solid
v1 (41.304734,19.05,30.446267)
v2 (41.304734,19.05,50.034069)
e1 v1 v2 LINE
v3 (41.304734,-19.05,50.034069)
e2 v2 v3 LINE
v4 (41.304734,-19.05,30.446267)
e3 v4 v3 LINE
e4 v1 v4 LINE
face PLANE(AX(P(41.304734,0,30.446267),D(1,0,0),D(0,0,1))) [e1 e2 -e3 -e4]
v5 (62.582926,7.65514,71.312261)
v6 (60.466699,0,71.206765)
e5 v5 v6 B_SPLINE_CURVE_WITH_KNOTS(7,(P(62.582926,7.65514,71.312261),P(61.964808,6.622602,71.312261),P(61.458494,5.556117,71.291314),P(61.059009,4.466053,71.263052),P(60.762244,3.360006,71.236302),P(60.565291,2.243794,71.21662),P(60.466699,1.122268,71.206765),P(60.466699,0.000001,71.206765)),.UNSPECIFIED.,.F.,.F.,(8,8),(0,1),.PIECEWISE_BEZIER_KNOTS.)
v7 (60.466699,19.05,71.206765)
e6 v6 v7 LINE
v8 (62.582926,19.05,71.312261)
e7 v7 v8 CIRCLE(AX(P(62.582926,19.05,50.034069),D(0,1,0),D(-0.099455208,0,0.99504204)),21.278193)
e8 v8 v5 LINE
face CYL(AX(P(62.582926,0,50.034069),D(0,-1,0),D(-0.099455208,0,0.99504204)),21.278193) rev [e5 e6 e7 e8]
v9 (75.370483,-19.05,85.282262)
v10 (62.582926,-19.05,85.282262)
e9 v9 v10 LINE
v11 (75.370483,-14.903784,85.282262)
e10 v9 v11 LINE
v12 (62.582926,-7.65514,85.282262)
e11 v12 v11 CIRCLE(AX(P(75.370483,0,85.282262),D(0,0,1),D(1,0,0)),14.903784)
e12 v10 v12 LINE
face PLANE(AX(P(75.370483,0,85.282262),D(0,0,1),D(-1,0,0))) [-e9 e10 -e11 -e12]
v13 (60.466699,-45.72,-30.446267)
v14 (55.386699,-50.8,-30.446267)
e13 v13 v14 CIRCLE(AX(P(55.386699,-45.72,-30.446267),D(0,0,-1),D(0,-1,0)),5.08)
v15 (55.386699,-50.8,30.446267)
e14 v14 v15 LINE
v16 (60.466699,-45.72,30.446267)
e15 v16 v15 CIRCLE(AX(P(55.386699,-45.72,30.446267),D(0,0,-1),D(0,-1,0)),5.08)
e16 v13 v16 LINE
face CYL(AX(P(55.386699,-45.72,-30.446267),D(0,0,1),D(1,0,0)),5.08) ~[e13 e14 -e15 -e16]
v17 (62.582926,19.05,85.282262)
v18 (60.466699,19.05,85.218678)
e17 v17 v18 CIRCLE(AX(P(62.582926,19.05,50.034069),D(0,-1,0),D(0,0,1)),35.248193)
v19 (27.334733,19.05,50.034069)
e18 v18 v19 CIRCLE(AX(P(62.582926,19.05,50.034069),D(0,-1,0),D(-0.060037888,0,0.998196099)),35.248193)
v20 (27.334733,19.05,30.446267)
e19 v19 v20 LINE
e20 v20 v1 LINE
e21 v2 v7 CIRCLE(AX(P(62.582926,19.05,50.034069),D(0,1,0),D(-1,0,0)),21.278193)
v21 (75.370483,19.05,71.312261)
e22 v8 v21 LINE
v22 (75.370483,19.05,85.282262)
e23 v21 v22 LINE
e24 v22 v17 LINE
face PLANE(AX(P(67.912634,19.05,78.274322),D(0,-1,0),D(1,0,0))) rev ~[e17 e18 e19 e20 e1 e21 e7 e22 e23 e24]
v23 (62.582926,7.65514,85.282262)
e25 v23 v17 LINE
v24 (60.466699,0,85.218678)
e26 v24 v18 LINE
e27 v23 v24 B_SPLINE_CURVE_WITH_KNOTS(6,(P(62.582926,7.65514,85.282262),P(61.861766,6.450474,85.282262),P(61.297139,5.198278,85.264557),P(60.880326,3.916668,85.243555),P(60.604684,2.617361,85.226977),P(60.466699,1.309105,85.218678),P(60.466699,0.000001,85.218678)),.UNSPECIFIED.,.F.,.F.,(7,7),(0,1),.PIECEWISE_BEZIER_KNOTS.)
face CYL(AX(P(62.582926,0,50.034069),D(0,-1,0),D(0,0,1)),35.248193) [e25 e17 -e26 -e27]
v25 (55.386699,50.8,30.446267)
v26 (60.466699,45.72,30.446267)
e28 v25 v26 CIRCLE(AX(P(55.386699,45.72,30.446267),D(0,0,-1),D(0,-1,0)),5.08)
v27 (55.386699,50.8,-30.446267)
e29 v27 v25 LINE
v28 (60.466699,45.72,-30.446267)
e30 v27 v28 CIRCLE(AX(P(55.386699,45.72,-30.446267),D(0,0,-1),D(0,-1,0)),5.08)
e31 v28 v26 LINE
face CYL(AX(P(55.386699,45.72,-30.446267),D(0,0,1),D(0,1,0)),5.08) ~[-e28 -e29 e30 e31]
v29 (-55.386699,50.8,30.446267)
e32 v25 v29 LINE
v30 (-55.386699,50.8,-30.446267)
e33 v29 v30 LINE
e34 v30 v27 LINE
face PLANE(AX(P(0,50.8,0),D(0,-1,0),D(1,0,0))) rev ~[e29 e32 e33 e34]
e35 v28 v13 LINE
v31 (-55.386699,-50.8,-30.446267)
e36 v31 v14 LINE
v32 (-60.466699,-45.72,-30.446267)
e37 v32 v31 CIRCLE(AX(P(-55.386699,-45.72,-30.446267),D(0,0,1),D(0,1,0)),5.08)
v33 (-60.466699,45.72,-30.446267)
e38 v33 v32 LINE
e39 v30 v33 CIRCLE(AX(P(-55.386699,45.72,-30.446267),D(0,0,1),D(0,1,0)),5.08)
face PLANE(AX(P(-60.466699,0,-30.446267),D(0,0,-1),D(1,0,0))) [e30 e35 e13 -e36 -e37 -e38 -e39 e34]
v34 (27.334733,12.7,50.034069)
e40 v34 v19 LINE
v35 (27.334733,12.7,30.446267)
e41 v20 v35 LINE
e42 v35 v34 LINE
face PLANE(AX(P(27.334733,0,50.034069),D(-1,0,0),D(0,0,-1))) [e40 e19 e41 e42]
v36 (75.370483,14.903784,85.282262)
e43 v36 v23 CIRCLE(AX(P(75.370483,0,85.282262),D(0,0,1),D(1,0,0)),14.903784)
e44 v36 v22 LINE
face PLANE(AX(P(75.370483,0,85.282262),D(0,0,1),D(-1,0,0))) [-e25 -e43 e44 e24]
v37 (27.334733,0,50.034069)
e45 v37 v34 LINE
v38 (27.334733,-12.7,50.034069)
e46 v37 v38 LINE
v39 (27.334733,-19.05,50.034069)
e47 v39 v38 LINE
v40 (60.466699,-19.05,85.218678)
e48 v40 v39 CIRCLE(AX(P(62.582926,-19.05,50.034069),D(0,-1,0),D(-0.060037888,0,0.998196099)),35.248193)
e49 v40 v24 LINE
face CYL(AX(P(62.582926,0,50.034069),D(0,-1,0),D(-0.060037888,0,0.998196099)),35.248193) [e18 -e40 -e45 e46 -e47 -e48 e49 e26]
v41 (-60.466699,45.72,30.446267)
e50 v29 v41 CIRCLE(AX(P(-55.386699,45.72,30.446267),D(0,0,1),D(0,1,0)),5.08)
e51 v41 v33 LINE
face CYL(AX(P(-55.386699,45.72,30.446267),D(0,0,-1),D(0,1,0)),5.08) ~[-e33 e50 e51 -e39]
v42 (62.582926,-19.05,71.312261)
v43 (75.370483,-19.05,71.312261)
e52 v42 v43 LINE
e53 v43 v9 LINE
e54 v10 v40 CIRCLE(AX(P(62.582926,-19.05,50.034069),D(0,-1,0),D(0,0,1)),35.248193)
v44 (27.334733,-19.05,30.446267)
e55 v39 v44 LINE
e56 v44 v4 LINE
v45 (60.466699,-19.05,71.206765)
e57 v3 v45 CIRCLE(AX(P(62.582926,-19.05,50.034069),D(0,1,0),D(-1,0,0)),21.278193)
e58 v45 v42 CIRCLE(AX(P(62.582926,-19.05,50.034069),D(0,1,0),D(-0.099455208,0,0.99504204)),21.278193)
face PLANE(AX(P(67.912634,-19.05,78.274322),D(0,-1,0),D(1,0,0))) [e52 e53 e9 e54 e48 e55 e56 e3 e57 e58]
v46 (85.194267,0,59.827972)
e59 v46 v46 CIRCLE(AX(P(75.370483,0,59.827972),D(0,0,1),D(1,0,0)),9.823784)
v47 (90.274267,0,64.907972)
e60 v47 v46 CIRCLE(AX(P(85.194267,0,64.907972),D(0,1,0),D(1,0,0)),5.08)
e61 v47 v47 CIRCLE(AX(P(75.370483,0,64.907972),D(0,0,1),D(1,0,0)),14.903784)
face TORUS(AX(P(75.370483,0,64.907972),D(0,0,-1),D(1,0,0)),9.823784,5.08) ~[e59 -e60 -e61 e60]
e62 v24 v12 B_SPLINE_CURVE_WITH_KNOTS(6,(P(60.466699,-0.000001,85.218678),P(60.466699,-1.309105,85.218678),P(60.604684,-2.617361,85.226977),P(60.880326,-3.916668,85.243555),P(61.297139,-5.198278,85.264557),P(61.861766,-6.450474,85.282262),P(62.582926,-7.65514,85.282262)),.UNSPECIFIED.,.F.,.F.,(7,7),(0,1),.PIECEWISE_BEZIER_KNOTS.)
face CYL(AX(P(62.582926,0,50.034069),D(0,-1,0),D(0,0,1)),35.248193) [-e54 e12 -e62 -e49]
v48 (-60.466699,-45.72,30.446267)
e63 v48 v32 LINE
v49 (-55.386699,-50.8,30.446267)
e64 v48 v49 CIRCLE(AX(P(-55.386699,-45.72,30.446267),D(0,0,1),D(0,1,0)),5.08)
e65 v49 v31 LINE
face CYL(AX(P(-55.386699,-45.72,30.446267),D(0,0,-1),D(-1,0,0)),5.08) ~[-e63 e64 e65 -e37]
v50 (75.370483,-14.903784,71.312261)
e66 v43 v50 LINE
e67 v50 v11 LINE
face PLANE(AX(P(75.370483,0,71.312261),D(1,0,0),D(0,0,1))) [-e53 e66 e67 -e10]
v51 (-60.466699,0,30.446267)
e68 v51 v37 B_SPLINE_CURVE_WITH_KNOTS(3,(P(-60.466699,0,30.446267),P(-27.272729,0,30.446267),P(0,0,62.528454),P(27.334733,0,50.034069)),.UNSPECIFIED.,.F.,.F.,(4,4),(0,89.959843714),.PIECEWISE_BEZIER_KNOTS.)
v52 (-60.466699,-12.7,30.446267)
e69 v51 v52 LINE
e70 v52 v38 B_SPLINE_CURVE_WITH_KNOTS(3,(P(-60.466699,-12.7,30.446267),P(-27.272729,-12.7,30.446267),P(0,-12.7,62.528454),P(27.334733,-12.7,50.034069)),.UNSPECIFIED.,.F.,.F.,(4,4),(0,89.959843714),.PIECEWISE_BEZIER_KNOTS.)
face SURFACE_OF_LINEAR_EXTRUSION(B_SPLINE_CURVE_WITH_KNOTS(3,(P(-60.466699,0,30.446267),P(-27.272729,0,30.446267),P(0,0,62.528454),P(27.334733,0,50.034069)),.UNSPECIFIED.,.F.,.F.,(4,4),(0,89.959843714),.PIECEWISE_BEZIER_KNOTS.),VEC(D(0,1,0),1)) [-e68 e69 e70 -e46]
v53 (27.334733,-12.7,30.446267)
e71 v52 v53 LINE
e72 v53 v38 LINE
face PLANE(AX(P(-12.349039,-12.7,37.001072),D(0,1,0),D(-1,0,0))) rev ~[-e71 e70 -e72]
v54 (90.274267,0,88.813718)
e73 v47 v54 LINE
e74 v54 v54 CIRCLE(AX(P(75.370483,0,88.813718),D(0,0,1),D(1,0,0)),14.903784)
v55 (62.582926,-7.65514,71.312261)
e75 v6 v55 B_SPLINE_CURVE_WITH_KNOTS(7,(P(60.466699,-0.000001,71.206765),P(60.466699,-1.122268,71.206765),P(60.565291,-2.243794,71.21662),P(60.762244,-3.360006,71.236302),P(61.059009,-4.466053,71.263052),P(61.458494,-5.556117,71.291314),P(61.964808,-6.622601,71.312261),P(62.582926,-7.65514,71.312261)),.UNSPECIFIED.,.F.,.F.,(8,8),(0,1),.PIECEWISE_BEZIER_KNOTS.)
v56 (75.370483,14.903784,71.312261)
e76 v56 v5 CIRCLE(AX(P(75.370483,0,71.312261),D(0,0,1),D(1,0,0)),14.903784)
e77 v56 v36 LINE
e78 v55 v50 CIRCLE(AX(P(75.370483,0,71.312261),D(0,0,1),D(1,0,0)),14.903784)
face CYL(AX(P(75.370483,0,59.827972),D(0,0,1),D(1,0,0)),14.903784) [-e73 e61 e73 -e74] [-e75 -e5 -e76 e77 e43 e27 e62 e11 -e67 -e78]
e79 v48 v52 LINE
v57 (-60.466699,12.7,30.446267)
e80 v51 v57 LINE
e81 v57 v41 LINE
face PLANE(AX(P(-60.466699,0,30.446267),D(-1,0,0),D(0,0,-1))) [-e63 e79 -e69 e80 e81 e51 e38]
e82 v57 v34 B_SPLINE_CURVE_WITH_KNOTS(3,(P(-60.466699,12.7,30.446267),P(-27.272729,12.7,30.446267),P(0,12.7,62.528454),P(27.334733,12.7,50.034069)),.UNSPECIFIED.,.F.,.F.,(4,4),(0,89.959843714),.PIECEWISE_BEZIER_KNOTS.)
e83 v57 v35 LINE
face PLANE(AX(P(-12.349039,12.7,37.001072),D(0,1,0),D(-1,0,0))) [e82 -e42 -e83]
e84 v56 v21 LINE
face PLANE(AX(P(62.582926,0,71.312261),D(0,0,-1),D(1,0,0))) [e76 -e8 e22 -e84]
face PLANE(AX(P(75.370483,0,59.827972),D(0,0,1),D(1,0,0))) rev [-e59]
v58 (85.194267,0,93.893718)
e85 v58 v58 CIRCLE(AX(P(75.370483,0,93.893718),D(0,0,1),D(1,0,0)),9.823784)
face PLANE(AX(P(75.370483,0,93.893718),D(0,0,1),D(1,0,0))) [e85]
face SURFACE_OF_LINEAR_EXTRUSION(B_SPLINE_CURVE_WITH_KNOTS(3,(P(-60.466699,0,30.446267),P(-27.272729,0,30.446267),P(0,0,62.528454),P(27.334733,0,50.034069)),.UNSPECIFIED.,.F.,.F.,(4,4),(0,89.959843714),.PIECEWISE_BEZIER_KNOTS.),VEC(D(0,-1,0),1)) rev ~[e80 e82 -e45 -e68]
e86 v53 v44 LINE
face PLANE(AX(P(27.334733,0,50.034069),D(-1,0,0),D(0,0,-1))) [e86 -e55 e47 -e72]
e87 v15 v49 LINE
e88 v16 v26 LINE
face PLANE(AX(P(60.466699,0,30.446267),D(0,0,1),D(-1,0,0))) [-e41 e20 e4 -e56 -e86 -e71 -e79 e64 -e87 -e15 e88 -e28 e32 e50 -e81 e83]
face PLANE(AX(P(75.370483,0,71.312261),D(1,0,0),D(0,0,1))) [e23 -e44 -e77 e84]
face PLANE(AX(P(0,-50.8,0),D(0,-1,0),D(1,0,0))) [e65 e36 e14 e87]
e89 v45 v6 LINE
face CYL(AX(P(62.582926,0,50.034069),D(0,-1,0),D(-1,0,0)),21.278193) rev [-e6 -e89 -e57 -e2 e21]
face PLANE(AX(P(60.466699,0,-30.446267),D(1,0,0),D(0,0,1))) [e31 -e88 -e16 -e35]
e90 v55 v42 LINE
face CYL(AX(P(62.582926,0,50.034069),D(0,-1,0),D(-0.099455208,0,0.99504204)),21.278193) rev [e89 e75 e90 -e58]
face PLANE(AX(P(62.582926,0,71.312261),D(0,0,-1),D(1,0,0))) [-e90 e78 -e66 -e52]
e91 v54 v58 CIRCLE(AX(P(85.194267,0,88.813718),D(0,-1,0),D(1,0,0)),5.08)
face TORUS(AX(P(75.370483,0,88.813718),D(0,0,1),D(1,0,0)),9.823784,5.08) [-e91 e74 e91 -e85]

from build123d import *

# Parameters (mm, degrees)
F1_DEPTH = 50.8
F2_DEPTH = 19.05
F3_DEPTH = 19.05
F5_R     = 5.08
F6_R     = 5.08
F7_DEPTH = 12.7


with BuildPart() as f1:
    # F0 (on Front) → F1 (new body, symmetric)
    with BuildSketch(Plane.XZ):
        Polygon((-60.4666993022, 30.4462667555), (-60.4666993022, -30.4462667555), (60.4666993022, -30.4462667555), (60.4666993022, 30.4462667555), (41.3047336042, 30.4462667555), (27.3347329348, 30.4462667555), align=None)
    extrude(amount=F1_DEPTH, both=True)

    # F0 (on Front) → F2 (join, symmetric)
    with BuildSketch(Plane.XZ):
        with BuildLine():
            Line((27.3347329348, 50.0340685248), (27.3347329348, 30.4462667555))
            Line((27.3347329348, 30.4462667555), (41.3047336042, 30.4462667555))
            Line((41.3047336042, 30.4462667555), (41.3047336042, 50.0340685248))
            ThreePointArc((41.3047336042, 50.0340685248), (46.8065044858, 64.3122336797), (60.4666993022, 71.2067648895))
            Line((60.4666993022, 71.2067648895), (60.4666993022, 85.2186777329))
            ThreePointArc((60.4666993022, 85.2186777329), (36.9213956127, 74.1985254838), (27.3347329348, 50.0340685248))
        make_face()
    extrude(amount=F2_DEPTH, both=True)

    # F0 (on Front) → F3 (join, symmetric)
    with BuildSketch(Plane.XZ):
        with BuildLine():
            ThreePointArc((62.5829263954, 85.2822619854), (61.5243353427, 85.2663623363), (60.4666993022, 85.2186777329))
            Line((60.4666993022, 85.2186777329), (60.4666993022, 71.2067648895))
            ThreePointArc((60.4666993022, 71.2067648895), (61.5234988842, 71.2858708439), (62.5829263954, 71.312261316))
            Line((62.5829263954, 71.312261316), (75.3704831004, 71.312261316))
            Line((75.3704831004, 71.312261316), (75.3704831004, 85.2822619854))
            Line((75.3704831004, 85.2822619854), (62.5829263954, 85.2822619854))
        make_face()
    extrude(amount=F3_DEPTH, both=True)

    # F0 (on Front) → F4 (revolve)
    with BuildSketch(Plane.XZ):
        Polygon((90.2742668986, 93.8937179744), (75.3704831004, 93.8937179744), (75.3704831004, 85.2822619854), (75.3704831004, 71.312261316), (75.3704831004, 59.8279722035), (90.2742668986, 59.8279722035), align=None)
    revolve(axis=Axis((75.3704831004, 0, 76.860845089), (0, 0, 1)))

    # F5
    f5_edges = [f1.edges().sort_by_distance(p)[0] for p in [
        (60.466699, -50.8, 0),
        (60.466699, 50.8, 0),
        (-60.466699, 50.8, 0),
        (-60.466699, -50.8, 0),
    ]]
    fillet(f5_edges, radius=F5_R)

    # F6
    f6_edges = [f1.edges().sort_by_distance(p)[0] for p in [
        (60.466699, 0, 93.893718),
        (60.466699, 0, 59.827972),
    ]]
    fillet(f6_edges, radius=F6_R)

    # F0 (on Front) → F7 (join, symmetric)
    with BuildSketch(Plane.XZ):
        with BuildLine():
            add(Edge.make_bspline(
                [(-60.4666993022, 30.4462667555), (-27.2727292031, 30.4462667555), (0, 62.5284537673), (27.3347329348, 50.0340685248)],
                knots=[0, 0, 0, 0, 89.9598437139, 89.9598437139, 89.9598437139, 89.9598437139], degree=3))
            Line((-60.4666993022, 30.4462667555), (27.3347329348, 30.4462667555))
            Line((27.3347329348, 30.4462667555), (27.3347329348, 50.0340685248))
        make_face()
    extrude(amount=F7_DEPTH, both=True)


solid = f1.part
